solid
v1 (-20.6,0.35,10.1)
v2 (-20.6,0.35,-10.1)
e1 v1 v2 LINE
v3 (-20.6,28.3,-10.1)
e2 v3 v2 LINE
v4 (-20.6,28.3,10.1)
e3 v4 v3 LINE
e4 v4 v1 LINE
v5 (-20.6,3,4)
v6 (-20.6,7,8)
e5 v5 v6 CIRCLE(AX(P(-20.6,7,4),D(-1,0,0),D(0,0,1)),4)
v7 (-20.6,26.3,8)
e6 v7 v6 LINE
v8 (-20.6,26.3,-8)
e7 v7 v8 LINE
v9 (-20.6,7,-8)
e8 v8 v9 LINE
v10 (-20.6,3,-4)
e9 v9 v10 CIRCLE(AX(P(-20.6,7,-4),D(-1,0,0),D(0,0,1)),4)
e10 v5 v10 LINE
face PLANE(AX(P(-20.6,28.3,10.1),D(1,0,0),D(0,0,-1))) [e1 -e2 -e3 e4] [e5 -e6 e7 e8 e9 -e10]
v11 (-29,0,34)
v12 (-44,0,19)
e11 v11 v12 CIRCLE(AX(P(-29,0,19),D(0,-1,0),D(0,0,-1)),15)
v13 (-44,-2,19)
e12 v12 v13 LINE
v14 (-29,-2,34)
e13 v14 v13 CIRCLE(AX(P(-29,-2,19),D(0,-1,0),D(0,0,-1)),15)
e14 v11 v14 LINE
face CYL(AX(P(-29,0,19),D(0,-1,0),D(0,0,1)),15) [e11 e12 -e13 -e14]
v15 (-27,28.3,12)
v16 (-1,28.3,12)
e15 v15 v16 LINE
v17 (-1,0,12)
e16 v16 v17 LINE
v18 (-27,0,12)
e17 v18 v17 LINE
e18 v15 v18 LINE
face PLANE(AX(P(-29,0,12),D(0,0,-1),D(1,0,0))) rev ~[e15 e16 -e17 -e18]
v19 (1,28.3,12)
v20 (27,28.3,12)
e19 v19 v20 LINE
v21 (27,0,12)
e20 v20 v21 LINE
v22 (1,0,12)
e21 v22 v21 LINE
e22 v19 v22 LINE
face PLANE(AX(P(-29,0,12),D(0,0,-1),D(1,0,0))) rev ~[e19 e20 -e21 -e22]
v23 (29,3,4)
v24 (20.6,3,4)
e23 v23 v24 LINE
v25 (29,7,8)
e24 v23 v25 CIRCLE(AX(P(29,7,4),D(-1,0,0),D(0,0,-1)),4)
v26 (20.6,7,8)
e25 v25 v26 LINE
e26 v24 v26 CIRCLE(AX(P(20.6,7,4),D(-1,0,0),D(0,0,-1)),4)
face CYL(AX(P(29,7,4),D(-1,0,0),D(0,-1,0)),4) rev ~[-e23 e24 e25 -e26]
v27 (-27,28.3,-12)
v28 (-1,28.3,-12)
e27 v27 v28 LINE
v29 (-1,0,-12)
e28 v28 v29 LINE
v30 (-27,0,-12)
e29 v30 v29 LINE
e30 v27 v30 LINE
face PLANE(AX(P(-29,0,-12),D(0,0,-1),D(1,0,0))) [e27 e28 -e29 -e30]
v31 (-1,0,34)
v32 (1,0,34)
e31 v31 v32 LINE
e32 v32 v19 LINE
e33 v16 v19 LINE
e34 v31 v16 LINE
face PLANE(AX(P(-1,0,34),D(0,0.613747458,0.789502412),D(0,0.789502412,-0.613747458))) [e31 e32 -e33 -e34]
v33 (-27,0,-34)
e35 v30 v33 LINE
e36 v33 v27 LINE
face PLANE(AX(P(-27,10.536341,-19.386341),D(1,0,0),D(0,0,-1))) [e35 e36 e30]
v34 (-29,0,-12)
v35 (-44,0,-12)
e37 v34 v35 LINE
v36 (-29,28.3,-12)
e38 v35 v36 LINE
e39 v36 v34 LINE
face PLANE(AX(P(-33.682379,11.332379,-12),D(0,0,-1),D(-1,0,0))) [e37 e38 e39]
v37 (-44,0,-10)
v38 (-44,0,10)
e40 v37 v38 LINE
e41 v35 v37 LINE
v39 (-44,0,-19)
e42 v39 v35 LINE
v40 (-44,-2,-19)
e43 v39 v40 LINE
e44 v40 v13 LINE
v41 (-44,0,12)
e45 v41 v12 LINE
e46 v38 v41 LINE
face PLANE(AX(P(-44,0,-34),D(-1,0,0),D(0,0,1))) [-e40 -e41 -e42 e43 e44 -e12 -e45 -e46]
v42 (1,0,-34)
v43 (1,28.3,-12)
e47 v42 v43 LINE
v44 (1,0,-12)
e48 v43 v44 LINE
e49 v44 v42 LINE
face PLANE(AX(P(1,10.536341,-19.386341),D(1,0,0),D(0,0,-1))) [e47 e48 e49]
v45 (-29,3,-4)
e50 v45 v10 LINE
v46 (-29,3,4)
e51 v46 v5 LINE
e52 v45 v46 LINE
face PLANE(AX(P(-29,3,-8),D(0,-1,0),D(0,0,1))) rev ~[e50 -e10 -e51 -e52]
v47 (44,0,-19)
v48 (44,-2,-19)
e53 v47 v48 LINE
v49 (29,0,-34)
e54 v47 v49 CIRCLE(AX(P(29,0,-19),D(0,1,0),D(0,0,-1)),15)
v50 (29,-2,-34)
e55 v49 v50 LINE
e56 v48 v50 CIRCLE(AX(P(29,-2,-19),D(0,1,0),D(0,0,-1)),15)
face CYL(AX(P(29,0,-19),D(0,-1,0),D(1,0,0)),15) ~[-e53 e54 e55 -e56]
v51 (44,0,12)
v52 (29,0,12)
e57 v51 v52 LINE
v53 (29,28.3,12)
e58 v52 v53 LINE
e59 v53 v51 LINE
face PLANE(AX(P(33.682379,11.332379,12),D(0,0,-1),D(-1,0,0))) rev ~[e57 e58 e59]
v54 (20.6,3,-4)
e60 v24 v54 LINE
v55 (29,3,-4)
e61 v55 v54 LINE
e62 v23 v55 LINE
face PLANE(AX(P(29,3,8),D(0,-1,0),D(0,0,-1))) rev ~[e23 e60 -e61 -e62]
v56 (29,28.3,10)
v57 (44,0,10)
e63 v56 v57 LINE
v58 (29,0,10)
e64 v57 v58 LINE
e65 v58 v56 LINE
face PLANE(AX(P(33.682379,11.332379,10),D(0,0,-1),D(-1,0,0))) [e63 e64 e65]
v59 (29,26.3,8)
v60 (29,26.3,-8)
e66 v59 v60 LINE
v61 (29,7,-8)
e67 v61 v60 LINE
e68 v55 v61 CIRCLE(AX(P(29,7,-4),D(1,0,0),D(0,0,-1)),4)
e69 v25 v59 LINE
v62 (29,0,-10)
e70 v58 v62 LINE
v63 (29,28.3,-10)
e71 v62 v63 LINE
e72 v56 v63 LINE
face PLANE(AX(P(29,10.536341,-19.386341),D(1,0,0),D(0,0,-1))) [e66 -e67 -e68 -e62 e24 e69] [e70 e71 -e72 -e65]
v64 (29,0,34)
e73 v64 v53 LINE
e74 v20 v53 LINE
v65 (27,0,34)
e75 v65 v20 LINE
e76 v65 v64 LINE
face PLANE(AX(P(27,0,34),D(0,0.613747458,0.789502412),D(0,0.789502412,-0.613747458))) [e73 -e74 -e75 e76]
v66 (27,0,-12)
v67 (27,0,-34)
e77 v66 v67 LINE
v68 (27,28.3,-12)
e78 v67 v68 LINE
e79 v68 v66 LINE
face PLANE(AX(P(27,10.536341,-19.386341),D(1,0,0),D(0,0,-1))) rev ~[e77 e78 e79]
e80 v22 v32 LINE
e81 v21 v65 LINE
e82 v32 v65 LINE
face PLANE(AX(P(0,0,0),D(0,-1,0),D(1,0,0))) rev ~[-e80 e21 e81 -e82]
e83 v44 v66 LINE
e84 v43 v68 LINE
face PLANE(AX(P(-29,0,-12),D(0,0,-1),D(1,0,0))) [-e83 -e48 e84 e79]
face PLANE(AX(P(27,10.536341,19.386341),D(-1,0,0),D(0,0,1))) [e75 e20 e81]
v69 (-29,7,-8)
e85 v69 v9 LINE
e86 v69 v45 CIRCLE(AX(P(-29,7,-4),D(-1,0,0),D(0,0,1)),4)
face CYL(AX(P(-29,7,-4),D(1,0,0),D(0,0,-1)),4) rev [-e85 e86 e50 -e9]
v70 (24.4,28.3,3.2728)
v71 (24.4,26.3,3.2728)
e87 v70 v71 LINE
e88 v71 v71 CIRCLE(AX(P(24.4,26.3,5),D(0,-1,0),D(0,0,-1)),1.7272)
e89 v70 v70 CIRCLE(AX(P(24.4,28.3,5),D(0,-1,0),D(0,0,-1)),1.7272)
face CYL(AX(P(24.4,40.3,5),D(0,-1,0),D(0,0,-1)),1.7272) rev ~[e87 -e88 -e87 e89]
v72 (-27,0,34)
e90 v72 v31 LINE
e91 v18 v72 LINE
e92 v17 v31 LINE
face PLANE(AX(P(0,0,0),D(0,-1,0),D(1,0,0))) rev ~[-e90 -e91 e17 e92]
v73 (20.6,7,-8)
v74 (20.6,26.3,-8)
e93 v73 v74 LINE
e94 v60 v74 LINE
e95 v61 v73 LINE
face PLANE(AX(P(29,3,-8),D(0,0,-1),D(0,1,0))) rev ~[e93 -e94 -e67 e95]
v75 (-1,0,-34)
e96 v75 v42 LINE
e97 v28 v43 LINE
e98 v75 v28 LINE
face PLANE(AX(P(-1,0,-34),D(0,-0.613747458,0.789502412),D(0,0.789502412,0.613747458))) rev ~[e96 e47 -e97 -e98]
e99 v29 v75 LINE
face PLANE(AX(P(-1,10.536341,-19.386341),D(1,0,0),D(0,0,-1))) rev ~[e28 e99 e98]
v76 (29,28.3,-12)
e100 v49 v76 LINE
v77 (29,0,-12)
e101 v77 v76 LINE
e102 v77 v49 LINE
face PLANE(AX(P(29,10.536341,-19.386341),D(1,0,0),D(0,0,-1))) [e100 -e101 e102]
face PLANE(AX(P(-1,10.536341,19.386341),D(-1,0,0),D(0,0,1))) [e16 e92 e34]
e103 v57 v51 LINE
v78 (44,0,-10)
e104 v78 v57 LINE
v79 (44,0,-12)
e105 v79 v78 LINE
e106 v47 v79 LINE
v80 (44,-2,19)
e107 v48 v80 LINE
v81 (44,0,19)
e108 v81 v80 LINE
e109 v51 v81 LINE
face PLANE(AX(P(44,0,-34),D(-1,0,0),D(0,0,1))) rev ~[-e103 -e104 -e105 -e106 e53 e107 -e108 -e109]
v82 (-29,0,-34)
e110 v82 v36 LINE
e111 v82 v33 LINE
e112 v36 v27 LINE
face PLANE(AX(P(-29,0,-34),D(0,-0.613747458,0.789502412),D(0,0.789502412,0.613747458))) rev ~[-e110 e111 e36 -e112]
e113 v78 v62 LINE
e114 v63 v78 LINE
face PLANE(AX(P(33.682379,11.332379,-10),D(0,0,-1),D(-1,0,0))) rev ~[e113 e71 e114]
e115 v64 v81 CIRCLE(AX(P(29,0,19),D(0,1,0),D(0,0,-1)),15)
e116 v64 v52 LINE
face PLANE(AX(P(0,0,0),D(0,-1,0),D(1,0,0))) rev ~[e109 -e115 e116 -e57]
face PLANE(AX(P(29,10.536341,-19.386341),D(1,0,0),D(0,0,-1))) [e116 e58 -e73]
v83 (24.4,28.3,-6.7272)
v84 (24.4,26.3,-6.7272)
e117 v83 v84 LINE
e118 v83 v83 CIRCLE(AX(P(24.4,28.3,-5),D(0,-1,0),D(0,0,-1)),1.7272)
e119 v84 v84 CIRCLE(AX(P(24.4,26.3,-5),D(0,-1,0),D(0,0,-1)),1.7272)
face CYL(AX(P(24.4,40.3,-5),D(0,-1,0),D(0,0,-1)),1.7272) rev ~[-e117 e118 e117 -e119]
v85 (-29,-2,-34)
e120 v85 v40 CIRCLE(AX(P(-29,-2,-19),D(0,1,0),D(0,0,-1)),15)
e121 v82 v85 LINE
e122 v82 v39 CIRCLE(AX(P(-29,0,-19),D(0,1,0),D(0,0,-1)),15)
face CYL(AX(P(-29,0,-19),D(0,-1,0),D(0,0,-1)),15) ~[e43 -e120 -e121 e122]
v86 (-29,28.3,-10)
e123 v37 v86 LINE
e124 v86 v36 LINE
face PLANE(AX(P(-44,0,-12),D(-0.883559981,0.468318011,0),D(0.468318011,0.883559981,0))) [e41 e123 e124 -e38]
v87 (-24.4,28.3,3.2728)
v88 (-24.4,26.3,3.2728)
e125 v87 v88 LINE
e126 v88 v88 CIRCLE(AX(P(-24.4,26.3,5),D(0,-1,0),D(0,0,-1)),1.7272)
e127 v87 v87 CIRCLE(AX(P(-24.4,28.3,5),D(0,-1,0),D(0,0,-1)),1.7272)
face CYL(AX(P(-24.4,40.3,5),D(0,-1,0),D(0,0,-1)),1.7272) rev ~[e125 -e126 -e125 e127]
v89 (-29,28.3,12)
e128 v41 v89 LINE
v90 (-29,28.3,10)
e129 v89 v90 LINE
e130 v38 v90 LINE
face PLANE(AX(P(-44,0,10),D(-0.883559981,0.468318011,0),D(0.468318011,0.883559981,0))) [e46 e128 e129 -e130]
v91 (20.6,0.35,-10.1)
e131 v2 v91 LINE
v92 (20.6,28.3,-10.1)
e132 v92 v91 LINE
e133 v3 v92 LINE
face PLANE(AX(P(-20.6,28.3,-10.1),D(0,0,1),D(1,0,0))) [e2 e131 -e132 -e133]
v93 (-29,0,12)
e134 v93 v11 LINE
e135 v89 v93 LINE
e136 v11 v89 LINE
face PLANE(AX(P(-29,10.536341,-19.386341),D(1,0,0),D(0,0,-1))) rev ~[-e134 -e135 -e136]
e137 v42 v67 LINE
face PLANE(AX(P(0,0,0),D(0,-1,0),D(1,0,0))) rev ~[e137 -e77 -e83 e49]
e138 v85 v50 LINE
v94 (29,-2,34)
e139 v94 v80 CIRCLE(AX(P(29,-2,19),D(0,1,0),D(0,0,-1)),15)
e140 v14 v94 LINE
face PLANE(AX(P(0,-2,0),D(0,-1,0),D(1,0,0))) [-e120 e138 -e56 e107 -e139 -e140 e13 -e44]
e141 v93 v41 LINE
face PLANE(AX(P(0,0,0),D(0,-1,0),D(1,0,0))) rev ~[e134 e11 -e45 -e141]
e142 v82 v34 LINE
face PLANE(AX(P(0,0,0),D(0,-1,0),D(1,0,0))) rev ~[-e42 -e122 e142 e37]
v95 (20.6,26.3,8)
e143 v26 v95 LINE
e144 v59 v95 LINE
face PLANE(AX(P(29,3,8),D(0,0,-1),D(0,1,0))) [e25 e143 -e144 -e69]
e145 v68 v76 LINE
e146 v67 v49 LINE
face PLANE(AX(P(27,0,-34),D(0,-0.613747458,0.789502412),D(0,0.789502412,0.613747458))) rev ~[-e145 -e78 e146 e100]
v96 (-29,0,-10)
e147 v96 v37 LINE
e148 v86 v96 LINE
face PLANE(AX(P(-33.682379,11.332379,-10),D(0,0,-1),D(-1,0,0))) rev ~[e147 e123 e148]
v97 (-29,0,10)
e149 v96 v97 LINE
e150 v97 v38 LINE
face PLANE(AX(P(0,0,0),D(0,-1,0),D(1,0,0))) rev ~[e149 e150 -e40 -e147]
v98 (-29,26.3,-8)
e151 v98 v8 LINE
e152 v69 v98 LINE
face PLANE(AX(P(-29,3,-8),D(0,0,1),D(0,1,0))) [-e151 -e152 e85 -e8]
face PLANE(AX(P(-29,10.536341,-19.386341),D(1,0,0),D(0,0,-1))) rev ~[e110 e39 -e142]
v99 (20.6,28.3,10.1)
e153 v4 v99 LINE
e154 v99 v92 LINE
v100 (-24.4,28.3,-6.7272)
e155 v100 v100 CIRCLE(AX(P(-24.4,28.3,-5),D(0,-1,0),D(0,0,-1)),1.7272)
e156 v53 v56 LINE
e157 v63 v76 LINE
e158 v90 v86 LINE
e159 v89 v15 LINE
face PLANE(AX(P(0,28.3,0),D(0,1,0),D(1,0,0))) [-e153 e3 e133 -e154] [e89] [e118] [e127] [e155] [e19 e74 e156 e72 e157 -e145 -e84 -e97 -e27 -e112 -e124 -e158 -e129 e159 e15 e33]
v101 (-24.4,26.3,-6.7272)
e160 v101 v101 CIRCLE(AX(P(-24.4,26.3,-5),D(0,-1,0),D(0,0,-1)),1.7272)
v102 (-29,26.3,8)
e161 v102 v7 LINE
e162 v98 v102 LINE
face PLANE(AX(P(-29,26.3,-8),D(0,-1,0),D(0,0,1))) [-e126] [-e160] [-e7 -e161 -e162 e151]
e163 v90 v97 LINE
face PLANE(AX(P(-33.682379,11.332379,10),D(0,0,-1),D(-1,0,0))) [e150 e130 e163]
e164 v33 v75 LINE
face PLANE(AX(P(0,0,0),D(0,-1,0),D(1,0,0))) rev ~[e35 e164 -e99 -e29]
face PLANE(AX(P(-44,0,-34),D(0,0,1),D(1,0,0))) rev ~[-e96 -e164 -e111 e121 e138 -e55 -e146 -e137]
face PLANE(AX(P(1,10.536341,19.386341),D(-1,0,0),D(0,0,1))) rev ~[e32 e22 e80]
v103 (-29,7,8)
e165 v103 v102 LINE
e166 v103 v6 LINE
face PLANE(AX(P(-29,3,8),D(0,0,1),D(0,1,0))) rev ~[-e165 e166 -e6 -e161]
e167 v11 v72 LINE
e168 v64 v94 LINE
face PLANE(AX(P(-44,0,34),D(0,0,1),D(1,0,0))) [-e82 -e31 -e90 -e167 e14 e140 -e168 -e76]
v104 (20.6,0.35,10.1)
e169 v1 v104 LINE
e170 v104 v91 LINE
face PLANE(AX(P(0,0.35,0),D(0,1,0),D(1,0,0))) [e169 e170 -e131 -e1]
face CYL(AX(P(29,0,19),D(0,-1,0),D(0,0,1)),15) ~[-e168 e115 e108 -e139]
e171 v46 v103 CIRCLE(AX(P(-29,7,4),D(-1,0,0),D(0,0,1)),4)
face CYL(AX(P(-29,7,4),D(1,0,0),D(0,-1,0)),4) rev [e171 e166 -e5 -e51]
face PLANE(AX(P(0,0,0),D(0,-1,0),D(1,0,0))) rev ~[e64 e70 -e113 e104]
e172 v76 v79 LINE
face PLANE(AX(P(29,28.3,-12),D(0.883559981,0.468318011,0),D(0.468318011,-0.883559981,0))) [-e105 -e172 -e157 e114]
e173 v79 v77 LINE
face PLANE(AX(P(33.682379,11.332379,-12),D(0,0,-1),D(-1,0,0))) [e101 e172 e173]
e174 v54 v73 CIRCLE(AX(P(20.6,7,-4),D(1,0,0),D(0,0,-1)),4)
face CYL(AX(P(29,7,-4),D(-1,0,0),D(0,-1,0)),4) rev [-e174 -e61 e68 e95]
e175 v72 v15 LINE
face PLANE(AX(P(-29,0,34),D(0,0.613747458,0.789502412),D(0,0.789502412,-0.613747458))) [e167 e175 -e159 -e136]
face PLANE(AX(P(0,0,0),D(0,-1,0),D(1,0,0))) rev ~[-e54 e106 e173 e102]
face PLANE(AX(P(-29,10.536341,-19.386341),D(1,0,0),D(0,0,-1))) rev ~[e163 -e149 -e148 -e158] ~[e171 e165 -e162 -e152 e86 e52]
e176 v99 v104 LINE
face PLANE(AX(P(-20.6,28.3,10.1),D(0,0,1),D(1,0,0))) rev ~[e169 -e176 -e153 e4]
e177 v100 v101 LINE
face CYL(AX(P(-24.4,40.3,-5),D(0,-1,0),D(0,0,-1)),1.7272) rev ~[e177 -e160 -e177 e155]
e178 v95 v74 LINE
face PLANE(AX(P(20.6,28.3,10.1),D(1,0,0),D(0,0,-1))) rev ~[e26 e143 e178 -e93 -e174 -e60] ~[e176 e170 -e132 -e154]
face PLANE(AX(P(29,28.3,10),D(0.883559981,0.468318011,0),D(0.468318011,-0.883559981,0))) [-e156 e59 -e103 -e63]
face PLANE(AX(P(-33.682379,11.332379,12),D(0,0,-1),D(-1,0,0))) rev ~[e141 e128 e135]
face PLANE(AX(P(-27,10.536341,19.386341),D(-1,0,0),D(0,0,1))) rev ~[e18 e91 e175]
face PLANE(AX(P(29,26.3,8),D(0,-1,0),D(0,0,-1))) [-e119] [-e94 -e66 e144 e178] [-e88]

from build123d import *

# Parameters (mm, degrees)
SKETCH1_W                 = 58
SKETCH1_H                 = 24
BOSS_EXTRUDE1_DEPTH       = 28.3
SKETCH2_W                 = 88
SKETCH2_H                 = 68
BOSS_EXTRUDE2_DEPTH       = 2
SKETCH12_W                = 41.2
SKETCH12_H                = 20.2
CUT_EXTRUDE1_DEPTH        = 27.95
BOSS_EXTRUDE6_DEPTH       = 2
LPATTERN2_COUNT           = 3
LPATTERN2_PITCH           = 28
BOSS_EXTRUDE7_DEPTH       = 2
LPATTERN3_COUNT           = 2
LPATTERN3_PITCH           = 22
SKETCH17_R                = 1
CUT_EXTRUDE2_DEPTH        = 10
F_8_32_TAPPED_HOLE1_D     = 3.4544
F_8_32_TAPPED_HOLE1_DEPTH = 12
F_8_32_TAPPED_HOLE1_TIP   = 1.037806461
FILLET1_R                 = 15
FILLET2_R                 = 15
FILLET3_R                 = 15
FILLET5_R                 = 15
SKETCH20_W                = 16
SKETCH20_H                = 23.3
CUT_EXTRUDE3_DEPTH        = 10
SKETCH21_W                = 16
SKETCH21_H                = 23.3
CUT_EXTRUDE4_DEPTH        = 10
FILLET6_R                 = 4
FILLET7_R                 = 4
FILLET8_R                 = 4
FILLET9_R                 = 4


with BuildPart() as part:
    # Sketch1 → Boss-Extrude1 (new body)
    with BuildSketch(Plane(origin=(0, 0, 0), x_dir=(1, 0, 0), z_dir=(0, 1, 0))):
        Rectangle(SKETCH1_W, SKETCH1_H)
    extrude(amount=BOSS_EXTRUDE1_DEPTH)

    # Sketch2 → Boss-Extrude2 (add)
    with BuildSketch(Plane.XZ):
        Rectangle(SKETCH2_W, SKETCH2_H)
    extrude(amount=BOSS_EXTRUDE2_DEPTH)

    # Sketch12 → Cut-Extrude1 (cut)
    with BuildSketch(Plane(origin=(0, 28.3, 0), x_dir=(1, 0, 0), z_dir=(0, 1, 0))):
        Rectangle(SKETCH12_W, SKETCH12_H)
    extrude(amount=-CUT_EXTRUDE1_DEPTH, mode=Mode.SUBTRACT)

    # Sketch14 → Boss-Extrude6 (add)
    with BuildSketch(Plane.ZY.offset(29)):
        Polygon((-12, 28.3), (-12, 0), (-34, 0), align=None)
        Polygon((12, 28.3), (12, 0), (34, 0), align=None)
    boss_extrude6 = extrude(amount=-BOSS_EXTRUDE6_DEPTH)

    # LPattern2: Boss-Extrude6 ×3
    with Locations(*[(i * LPATTERN2_PITCH, 0, 0) for i in range(1, LPATTERN2_COUNT)]):
        add(boss_extrude6)

    # Sketch16 → Boss-Extrude7 (add)
    with BuildSketch(Plane(origin=(0, 0, -12), x_dir=(-1, 0, 0), z_dir=(0, 0, -1))):
        Polygon((-29, 28.3), (-44, 0), (-29, 0), align=None)
        Polygon((29, 28.3), (29, 0), (44, 0), align=None)
    boss_extrude7 = extrude(amount=-BOSS_EXTRUDE7_DEPTH)

    # LPattern3: Boss-Extrude7 ×2
    with Locations(*[(0, 0, i * LPATTERN3_PITCH) for i in range(1, LPATTERN3_COUNT)]):
        add(boss_extrude7)

    # Sketch17 → Cut-Extrude2 (cut)
    with BuildSketch(Plane(origin=(0, 28.3, 0), x_dir=(1, 0, 0), z_dir=(0, 1, 0))):
        with Locations(Location((-24.4, 5, 0), (0, 0, 270))):
            Circle(SKETCH17_R)
        with Locations(Location((-24.4, -5, 0), (0, 0, 270))):
            Circle(SKETCH17_R)
        with Locations(Location((24.4, -5, 0), (0, 0, 270))):
            Circle(SKETCH17_R)
        with Locations(Location((24.4, 5, 0), (0, 0, 270))):
            Circle(SKETCH17_R)
    extrude(amount=-CUT_EXTRUDE2_DEPTH, mode=Mode.SUBTRACT)

    # #8-32 Tapped Hole1
    with Locations(Plane(origin=(-24.4, 28.3, -5), x_dir=(0, 0, 1), z_dir=(0, 1, 0))):
        with Locations((0, 0), (10, 0), (0, 48.8), (10, 48.8)):
            Hole(F_8_32_TAPPED_HOLE1_D / 2, depth=F_8_32_TAPPED_HOLE1_DEPTH)
            with Locations((0, 0, -(F_8_32_TAPPED_HOLE1_DEPTH + F_8_32_TAPPED_HOLE1_TIP / 2))):  # 118° drill point
                Cone(0, F_8_32_TAPPED_HOLE1_D / 2, F_8_32_TAPPED_HOLE1_TIP, mode=Mode.SUBTRACT)

    # Fillet1
    fillet1_edges = [part.edges().sort_by_distance(p)[0] for p in [
        (-44, -1, 34),
    ]]
    fillet(fillet1_edges, radius=FILLET1_R)

    # Fillet2
    fillet2_edges = [part.edges().sort_by_distance(p)[0] for p in [
        (44, -1, 34),
    ]]
    fillet(fillet2_edges, radius=FILLET2_R)

    # Fillet3
    fillet3_edges = [part.edges().sort_by_distance(p)[0] for p in [
        (44, -1, -34),
    ]]
    fillet(fillet3_edges, radius=FILLET3_R)

    # Fillet5
    fillet5_edges = [part.edges().sort_by_distance(p)[0] for p in [
        (-44, -1, -34),
    ]]
    fillet(fillet5_edges, radius=FILLET5_R)

    # Sketch20 → Cut-Extrude3 (cut)
    with BuildSketch(Plane.ZY.offset(29)):
        with Locations((0, 14.65)):
            Rectangle(SKETCH20_W, SKETCH20_H)
    extrude(amount=-CUT_EXTRUDE3_DEPTH, mode=Mode.SUBTRACT)

    # Sketch21 → Cut-Extrude4 (cut)
    with BuildSketch(Plane(origin=(29, 0, 0), x_dir=(0, 0, -1), z_dir=(1, 0, 0))):
        with Locations((0, 14.65)):
            Rectangle(SKETCH21_W, SKETCH21_H)
    extrude(amount=-CUT_EXTRUDE4_DEPTH, mode=Mode.SUBTRACT)

    # Fillet6
    fillet6_edges = [part.edges().sort_by_distance(p)[0] for p in [
        (24.8, 3, 8),
    ]]
    fillet(fillet6_edges, radius=FILLET6_R)

    # Fillet7
    fillet7_edges = [part.edges().sort_by_distance(p)[0] for p in [
        (24.8, 3, -8),
    ]]
    fillet(fillet7_edges, radius=FILLET7_R)

    # Fillet8
    fillet8_edges = [part.edges().sort_by_distance(p)[0] for p in [
        (-24.8, 3, -8),
    ]]
    fillet(fillet8_edges, radius=FILLET8_R)

    # Fillet9
    fillet9_edges = [part.edges().sort_by_distance(p)[0] for p in [
        (-24.8, 3, 8),
    ]]
    fillet(fillet9_edges, radius=FILLET9_R)


solid = part.part
